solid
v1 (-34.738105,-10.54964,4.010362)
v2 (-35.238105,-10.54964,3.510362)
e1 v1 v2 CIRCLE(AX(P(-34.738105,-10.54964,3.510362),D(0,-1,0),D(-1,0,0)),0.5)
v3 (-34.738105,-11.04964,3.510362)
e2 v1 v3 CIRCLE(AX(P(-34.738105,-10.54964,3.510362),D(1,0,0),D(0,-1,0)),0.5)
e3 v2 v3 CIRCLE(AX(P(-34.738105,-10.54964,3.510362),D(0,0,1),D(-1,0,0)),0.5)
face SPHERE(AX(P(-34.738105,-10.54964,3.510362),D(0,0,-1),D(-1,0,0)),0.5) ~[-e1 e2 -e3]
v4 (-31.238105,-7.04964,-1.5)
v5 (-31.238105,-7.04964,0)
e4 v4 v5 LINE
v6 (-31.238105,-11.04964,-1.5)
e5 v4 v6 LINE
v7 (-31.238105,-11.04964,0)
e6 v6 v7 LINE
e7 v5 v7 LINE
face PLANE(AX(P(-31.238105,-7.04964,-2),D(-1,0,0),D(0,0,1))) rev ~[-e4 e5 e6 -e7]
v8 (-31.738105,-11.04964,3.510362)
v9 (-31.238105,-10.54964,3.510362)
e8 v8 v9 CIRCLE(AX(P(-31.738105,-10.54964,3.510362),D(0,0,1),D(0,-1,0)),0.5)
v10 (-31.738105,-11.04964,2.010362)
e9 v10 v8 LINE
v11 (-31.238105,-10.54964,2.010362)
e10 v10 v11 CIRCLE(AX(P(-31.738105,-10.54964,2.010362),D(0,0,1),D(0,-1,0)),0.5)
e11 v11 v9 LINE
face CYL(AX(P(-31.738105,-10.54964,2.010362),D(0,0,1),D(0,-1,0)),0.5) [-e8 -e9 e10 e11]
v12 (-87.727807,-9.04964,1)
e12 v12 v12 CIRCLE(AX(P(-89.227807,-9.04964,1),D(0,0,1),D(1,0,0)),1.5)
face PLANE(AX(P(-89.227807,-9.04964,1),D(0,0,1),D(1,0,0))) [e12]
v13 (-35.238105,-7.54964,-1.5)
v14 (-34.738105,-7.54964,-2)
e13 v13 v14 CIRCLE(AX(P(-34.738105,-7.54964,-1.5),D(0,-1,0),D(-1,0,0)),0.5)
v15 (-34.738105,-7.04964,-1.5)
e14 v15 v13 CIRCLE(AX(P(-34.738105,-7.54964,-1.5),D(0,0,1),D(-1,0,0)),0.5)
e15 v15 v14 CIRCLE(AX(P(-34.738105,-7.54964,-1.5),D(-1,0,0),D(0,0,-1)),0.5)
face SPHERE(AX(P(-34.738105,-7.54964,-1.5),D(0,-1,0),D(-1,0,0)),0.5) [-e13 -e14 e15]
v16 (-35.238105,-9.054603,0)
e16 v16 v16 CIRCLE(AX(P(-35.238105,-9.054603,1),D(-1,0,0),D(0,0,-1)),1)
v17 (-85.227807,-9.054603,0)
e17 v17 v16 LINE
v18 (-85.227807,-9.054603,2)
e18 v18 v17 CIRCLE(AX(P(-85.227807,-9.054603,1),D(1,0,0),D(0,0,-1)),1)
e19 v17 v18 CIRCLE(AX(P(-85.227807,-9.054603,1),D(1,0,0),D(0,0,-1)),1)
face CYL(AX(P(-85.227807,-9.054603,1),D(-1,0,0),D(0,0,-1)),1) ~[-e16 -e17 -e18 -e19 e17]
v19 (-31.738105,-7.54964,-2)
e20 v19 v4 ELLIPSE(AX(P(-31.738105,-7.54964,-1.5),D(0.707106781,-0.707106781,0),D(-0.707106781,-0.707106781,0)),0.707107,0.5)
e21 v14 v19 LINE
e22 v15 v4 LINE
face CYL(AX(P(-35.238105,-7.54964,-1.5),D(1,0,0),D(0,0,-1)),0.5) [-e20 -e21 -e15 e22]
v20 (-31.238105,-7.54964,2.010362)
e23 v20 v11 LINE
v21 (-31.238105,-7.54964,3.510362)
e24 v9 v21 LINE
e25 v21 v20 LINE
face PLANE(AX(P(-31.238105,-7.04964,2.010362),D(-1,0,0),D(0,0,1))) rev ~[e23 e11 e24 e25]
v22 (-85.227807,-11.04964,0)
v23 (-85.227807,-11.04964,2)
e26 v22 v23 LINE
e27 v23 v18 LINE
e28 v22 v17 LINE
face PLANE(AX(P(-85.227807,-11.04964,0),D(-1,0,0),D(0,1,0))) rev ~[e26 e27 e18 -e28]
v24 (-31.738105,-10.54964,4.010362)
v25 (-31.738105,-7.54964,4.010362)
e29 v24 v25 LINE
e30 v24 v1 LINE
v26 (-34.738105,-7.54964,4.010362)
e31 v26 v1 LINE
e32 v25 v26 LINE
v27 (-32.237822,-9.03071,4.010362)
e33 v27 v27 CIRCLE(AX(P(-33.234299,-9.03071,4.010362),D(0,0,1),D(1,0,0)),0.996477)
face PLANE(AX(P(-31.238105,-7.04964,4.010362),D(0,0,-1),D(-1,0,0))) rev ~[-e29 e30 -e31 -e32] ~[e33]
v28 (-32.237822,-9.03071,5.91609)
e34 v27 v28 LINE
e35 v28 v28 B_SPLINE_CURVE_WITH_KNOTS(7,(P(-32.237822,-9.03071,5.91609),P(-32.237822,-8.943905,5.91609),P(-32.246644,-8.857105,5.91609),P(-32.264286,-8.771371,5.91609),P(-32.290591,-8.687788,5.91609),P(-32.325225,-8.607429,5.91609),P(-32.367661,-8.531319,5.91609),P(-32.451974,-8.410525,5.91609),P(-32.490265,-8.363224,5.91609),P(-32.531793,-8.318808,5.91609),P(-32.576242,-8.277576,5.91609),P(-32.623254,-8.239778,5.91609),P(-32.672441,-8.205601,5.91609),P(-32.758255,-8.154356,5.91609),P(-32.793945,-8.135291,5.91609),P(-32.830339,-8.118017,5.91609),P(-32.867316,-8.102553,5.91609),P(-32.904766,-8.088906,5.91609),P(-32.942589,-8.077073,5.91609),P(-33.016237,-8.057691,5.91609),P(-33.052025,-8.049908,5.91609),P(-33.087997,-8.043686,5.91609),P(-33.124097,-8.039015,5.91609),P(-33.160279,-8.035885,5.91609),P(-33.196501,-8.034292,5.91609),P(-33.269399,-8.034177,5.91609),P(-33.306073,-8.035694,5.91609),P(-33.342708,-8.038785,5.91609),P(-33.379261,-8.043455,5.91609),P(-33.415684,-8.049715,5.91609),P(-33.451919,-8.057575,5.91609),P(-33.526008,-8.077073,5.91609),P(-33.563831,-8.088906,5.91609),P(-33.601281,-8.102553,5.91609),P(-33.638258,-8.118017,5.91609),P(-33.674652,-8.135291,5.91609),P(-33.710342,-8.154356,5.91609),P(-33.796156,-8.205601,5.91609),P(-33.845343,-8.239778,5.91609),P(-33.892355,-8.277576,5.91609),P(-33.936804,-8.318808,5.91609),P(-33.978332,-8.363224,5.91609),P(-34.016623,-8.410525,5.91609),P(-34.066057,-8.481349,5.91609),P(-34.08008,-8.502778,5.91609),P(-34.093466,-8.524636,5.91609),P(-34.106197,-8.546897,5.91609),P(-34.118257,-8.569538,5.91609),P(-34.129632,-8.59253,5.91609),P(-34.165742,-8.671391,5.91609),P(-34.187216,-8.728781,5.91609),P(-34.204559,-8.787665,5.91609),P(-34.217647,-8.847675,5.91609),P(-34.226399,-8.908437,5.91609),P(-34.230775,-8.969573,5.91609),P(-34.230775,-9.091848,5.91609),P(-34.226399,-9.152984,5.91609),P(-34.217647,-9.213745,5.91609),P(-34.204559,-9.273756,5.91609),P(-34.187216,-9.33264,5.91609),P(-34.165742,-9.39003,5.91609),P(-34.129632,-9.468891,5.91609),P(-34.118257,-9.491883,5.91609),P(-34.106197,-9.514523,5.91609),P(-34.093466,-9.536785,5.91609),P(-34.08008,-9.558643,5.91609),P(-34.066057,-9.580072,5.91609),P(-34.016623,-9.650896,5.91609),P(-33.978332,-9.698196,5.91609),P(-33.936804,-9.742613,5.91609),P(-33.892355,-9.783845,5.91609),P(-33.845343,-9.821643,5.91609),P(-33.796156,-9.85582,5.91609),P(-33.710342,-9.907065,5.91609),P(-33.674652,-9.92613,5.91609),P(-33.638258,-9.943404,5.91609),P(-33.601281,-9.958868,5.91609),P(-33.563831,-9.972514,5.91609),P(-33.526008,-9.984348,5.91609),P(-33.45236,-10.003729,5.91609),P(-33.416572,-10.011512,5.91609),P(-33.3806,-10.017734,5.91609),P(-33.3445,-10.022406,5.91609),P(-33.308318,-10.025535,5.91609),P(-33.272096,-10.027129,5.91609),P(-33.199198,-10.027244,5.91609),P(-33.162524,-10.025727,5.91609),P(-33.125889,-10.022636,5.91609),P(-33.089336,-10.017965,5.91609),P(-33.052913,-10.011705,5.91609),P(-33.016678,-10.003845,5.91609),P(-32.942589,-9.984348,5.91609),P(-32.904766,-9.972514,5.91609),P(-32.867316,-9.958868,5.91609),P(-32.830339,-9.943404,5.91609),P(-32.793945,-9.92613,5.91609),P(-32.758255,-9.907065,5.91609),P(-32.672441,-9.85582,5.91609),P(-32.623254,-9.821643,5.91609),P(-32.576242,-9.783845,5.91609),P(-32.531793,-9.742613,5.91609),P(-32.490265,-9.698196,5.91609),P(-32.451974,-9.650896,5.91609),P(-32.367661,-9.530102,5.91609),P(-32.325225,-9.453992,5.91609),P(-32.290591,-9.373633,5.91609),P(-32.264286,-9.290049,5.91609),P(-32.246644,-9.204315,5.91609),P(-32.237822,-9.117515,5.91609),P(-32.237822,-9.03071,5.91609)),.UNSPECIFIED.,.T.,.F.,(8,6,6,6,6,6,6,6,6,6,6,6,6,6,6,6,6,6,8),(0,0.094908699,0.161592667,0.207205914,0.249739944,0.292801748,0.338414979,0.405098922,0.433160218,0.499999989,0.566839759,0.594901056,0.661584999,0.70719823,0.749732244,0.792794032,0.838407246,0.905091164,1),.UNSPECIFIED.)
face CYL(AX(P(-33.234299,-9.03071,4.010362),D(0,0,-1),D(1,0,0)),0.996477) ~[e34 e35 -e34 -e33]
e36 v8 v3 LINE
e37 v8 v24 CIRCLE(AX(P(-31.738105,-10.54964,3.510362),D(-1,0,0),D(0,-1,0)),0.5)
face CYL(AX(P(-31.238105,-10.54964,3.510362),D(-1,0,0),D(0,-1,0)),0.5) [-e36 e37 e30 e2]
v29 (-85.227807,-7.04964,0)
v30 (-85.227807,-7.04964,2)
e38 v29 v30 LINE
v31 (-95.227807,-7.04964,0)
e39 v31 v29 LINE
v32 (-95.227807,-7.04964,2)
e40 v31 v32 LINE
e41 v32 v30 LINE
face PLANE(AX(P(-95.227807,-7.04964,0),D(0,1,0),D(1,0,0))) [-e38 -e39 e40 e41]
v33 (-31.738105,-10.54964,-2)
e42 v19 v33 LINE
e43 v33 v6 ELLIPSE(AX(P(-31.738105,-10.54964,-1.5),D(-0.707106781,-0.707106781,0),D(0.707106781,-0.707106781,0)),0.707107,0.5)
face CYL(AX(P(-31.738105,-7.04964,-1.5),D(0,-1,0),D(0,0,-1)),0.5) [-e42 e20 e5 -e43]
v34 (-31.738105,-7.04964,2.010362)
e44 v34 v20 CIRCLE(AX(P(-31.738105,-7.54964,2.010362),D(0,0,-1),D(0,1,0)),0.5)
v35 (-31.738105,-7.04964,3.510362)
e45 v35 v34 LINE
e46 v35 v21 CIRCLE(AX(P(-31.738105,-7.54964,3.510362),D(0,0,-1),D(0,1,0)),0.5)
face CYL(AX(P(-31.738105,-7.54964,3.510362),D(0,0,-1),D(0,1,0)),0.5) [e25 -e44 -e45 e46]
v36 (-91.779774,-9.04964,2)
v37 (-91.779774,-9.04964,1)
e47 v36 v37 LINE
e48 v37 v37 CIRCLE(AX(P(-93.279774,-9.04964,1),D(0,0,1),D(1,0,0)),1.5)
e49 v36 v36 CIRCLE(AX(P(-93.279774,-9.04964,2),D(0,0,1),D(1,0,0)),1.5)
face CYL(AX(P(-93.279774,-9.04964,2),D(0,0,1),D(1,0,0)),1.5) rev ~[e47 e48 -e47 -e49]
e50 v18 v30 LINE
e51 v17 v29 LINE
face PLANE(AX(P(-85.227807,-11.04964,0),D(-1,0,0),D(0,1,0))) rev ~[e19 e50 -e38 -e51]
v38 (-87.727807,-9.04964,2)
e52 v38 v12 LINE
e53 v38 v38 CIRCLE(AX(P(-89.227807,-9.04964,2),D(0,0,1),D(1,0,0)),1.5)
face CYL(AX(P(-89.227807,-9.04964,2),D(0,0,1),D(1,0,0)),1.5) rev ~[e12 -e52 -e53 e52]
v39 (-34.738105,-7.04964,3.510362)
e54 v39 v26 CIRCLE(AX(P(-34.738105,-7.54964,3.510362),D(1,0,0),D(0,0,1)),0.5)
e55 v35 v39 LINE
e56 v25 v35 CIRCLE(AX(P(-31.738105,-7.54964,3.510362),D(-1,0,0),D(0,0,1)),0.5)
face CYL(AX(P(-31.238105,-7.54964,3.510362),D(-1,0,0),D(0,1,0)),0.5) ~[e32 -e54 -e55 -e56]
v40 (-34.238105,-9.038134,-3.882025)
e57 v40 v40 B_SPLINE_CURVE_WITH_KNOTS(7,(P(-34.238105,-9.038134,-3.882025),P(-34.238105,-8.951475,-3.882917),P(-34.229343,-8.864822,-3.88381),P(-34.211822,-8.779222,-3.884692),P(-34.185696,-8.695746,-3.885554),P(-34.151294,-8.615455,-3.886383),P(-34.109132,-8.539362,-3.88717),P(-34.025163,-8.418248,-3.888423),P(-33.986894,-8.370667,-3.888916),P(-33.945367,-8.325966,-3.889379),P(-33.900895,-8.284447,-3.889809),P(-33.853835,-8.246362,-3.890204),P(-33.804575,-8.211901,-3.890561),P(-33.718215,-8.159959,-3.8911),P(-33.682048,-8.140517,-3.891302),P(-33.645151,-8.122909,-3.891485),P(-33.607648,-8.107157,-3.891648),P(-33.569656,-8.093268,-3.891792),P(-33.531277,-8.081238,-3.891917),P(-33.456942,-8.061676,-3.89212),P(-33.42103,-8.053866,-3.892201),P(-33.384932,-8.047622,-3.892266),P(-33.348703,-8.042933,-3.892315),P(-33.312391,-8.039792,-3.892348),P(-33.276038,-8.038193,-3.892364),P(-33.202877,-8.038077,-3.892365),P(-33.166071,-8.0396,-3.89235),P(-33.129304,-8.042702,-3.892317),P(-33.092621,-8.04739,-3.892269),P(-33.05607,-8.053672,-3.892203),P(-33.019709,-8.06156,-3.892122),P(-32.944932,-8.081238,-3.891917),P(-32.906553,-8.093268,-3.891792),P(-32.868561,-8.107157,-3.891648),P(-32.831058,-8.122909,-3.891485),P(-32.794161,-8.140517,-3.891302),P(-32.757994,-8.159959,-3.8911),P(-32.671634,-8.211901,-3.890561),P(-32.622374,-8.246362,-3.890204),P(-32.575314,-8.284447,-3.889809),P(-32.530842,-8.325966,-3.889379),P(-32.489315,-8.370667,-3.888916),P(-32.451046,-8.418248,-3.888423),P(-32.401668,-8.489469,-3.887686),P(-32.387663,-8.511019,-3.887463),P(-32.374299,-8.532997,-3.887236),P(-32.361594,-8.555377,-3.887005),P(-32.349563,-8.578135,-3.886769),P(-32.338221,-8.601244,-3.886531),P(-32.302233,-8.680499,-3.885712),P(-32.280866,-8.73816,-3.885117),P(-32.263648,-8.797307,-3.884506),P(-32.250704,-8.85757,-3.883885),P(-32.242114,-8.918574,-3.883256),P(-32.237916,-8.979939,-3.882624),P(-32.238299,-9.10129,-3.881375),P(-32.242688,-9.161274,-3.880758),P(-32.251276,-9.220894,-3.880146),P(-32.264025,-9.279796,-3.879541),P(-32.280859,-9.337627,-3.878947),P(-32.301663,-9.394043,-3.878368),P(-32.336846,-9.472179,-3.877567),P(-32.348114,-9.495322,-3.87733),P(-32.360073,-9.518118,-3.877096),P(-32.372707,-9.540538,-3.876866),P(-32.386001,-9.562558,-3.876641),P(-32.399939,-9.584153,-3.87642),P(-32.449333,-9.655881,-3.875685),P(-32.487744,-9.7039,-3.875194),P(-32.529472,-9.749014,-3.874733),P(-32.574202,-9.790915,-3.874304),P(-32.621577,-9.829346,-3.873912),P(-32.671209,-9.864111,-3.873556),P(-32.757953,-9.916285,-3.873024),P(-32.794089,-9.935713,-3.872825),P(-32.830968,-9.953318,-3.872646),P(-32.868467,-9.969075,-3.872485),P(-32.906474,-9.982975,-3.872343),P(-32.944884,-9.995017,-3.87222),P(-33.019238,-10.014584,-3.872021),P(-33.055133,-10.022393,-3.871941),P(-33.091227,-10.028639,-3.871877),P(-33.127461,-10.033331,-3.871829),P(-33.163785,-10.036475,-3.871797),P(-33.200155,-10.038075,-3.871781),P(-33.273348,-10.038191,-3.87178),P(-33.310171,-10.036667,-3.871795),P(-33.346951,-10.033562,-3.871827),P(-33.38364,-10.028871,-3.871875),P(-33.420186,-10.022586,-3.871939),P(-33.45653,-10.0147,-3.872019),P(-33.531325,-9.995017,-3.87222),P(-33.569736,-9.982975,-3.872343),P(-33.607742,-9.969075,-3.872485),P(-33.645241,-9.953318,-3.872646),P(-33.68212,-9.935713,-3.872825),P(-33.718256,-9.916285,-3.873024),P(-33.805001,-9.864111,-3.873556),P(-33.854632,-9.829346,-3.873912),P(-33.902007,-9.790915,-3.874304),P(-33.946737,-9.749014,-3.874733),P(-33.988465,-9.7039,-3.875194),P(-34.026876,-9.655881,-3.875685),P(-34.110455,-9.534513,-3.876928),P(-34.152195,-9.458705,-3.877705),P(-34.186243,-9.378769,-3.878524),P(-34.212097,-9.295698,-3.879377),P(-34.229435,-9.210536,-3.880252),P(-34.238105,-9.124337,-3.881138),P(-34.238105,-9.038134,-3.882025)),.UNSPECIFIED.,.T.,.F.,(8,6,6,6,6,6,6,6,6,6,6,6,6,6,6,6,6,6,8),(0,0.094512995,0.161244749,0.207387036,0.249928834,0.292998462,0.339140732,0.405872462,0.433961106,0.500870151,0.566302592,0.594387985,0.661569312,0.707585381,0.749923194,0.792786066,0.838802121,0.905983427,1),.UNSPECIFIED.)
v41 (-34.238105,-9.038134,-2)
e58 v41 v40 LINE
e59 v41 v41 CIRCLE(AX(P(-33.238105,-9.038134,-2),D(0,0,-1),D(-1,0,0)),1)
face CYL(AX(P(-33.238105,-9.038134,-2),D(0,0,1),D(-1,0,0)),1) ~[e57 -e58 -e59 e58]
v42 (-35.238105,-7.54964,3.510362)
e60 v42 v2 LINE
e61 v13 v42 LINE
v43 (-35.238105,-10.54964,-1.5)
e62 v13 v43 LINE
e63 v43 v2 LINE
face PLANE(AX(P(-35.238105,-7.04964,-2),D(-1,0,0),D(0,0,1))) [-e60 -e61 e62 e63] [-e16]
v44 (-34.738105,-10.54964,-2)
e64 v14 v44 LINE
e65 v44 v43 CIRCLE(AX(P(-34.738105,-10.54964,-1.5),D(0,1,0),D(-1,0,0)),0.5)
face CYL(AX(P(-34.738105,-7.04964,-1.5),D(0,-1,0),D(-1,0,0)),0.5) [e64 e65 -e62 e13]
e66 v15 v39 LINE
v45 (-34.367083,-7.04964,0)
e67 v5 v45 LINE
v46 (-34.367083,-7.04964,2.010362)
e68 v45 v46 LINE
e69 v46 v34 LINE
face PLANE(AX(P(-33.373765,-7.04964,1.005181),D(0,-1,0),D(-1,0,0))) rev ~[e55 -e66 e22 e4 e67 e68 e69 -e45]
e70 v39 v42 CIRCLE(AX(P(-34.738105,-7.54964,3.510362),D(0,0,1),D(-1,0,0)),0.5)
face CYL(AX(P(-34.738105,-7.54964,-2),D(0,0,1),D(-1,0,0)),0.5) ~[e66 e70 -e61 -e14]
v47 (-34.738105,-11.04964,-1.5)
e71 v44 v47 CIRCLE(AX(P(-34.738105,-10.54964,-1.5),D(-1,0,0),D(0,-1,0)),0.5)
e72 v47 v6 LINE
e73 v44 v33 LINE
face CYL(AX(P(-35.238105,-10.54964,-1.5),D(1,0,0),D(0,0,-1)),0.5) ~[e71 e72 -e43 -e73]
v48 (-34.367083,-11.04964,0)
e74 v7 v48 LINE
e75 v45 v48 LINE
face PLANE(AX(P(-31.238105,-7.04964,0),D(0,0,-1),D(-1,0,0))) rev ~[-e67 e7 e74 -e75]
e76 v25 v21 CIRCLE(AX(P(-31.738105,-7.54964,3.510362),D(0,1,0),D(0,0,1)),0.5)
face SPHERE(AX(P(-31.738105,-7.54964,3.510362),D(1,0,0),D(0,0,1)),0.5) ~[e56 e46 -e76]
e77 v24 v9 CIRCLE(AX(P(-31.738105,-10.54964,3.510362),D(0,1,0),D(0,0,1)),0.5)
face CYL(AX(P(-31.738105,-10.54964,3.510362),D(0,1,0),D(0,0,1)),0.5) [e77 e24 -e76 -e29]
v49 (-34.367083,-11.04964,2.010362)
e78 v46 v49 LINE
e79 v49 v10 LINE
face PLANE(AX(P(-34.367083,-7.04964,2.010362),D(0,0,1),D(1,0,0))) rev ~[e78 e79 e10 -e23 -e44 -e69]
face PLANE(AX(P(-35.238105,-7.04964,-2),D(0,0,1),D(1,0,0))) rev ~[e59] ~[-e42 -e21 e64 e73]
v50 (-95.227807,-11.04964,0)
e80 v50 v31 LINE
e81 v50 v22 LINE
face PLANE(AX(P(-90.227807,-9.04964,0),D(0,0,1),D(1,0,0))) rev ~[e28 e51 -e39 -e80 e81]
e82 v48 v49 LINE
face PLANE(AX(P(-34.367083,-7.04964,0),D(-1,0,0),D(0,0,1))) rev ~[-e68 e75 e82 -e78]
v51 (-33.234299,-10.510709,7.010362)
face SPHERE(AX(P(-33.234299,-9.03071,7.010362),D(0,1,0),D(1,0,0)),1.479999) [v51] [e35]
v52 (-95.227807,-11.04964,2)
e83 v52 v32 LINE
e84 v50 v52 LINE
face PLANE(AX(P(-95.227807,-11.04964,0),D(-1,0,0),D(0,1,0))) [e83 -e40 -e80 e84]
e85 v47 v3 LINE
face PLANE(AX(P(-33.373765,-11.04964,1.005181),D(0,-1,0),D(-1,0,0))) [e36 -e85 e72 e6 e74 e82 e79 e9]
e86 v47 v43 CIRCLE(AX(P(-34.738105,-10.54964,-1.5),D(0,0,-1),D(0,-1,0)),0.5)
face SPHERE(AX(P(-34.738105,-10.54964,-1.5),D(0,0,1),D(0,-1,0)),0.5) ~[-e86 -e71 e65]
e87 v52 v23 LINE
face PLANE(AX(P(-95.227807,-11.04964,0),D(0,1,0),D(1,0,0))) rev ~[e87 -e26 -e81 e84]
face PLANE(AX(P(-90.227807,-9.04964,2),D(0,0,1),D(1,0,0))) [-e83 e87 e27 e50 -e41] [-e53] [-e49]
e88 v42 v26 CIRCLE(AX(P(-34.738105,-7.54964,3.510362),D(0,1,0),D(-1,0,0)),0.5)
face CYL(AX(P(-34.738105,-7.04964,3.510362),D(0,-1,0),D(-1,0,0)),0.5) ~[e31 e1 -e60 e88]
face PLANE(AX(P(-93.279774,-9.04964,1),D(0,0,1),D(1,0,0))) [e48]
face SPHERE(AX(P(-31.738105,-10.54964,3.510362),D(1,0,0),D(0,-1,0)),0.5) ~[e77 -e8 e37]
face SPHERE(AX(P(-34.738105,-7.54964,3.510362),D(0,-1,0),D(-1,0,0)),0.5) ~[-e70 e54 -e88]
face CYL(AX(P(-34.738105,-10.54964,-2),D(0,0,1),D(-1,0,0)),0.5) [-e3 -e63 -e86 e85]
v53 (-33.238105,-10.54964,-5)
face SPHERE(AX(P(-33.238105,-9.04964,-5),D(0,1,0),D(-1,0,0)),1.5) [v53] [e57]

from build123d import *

# Parameters (mm, degrees)
SKETCH1_W           = 10
SKETCH1_H           = 4
BOSS_EXTRUDE1_DEPTH = 2
SKETCH2_R           = 1.5
CUT_EXTRUDE1_DEPTH  = 1
SKETCH3_R           = 1
BOSS_EXTRUDE2_DEPTH = 50
BOSS_EXTRUDE3_DEPTH = 4
FILLET1_R           = 0.5
SKETCH6_R           = 1
BOSS_EXTRUDE6_DEPTH = 3
FILLET2_R           = 0.5
SKETCH18_R          = 0.996476916
BOSS_EXTRUDE7_DEPTH = 3


with BuildPart() as part:
    # Sketch1 → Boss-Extrude1 (new body)
    with BuildSketch(Plane.XY):
        with Locations((-90.227807008, -9.049640054)):
            Rectangle(SKETCH1_W, SKETCH1_H)
    extrude(amount=BOSS_EXTRUDE1_DEPTH)

    # Sketch2 → Cut-Extrude1 (cut)
    with BuildSketch(Plane.XY.offset(2)):
        with Locations((-93.279774428, -9.049640054)):
            Circle(SKETCH2_R)
        with Locations((-89.227807008, -9.049640054)):
            Circle(SKETCH2_R)
    extrude(amount=-CUT_EXTRUDE1_DEPTH, mode=Mode.SUBTRACT)

    # Sketch3 → Boss-Extrude2 (add)
    with BuildSketch(Plane(origin=(-85.227807008, 0, 0), x_dir=(0, 0, -1), z_dir=(1, 0, 0))):
        with Locations((-1, -9.054602908)):
            Circle(SKETCH3_R)
    extrude(amount=BOSS_EXTRUDE2_DEPTH)

    # Sketch4 → Boss-Extrude3 (add)
    with BuildSketch(Plane(origin=(0, -7.049640054, 0), x_dir=(1, 0, 0), z_dir=(0, 1, 0))):
        Polygon((-35.238104557, 0), (-35.238104557, 2), (-31.238104557, 2), (-31.238104557, 0), (-34.367083254, 0), (-34.367083254, -2.010361564), (-31.238104557, -2.010361564), (-31.238104557, -4.010361564), (-35.238104557, -4.010361564), align=None)
    extrude(amount=-BOSS_EXTRUDE3_DEPTH)

    # Fillet1
    fillet1_edges = [part.edges().sort_by_distance(p)[0] for p in [
        (-35.238104557, -11.049640054, 1.005180782),
        (-35.238104557, -9.049640054, 4.010361564),
        (-33.238104557, -11.049640054, -2),
        (-35.238104557, -9.049640054, -2),
        (-31.238104557, -9.049640054, -2),
        (-33.238104557, -11.049640054, 4.010361564),
        (-35.238104557, -7.049640054, 1.005180782),
        (-33.238104557, -7.049640054, 4.010361564),
        (-33.238104557, -7.049640054, -2),
    ]]
    fillet(fillet1_edges, radius=FILLET1_R)

    # Sketch6 → Boss-Extrude6 (add)
    with BuildSketch(Plane(origin=(0, 0, -2), x_dir=(-1, 0, 0), z_dir=(0, 0, -1))):
        with Locations((33.238104557, -9.038134052)):
            Circle(SKETCH6_R)
    extrude(amount=BOSS_EXTRUDE6_DEPTH)

    # Sketch16 → Revolve10 (revolve)
    with BuildSketch(Plane(origin=(0, 0, -5), x_dir=(-1, 0, 0), z_dir=(0, 0, -1))):
        with BuildLine():
            Line((33.238104557, -7.549640054), (33.238104557, -10.549640054))
            ThreePointArc((33.238104557, -10.549640054), (34.738104557, -9.049640054), (33.238104557, -7.549640054))
        make_face()
    revolve(axis=Axis((-33.238104557, -1009.038134052, -5), (0, 1, 0)))

    # Fillet2
    fillet2_edges = [part.edges().sort_by_distance(p)[0] for p in [
        (-31.238104557, -11.049640054, 2.760361564),
        (-31.238104557, -7.049640054, 2.760361564),
        (-31.238104557, -9.049640054, 4.010361564),
        (-31.238104557, -7.196086663, 3.863914954),
        (-31.238104557, -10.903193444, 3.863914954),
    ]]
    fillet(fillet2_edges, radius=FILLET2_R)

    # Sketch18 → Boss-Extrude7 (add)
    with BuildSketch(Plane.XY.offset(4.010361564)):
        with Locations((-33.23429851, -9.03071029)):
            Circle(SKETCH18_R)
    extrude(amount=BOSS_EXTRUDE7_DEPTH)

    # Sketch20 → Revolve22 (revolve)
    with BuildSketch(Plane.XY.offset(7.010361564)):
        with BuildLine():
            Line((-33.23429851, -7.550711674), (-33.23429851, -10.510708905))
            ThreePointArc((-33.23429851, -10.510708905), (-31.754299895, -9.03071029), (-33.23429851, -7.550711674))
        make_face()
    revolve(axis=Axis((-33.23429851, -1009.03071029, 7.010361564), (0, 1, 0)))


solid = part.part
